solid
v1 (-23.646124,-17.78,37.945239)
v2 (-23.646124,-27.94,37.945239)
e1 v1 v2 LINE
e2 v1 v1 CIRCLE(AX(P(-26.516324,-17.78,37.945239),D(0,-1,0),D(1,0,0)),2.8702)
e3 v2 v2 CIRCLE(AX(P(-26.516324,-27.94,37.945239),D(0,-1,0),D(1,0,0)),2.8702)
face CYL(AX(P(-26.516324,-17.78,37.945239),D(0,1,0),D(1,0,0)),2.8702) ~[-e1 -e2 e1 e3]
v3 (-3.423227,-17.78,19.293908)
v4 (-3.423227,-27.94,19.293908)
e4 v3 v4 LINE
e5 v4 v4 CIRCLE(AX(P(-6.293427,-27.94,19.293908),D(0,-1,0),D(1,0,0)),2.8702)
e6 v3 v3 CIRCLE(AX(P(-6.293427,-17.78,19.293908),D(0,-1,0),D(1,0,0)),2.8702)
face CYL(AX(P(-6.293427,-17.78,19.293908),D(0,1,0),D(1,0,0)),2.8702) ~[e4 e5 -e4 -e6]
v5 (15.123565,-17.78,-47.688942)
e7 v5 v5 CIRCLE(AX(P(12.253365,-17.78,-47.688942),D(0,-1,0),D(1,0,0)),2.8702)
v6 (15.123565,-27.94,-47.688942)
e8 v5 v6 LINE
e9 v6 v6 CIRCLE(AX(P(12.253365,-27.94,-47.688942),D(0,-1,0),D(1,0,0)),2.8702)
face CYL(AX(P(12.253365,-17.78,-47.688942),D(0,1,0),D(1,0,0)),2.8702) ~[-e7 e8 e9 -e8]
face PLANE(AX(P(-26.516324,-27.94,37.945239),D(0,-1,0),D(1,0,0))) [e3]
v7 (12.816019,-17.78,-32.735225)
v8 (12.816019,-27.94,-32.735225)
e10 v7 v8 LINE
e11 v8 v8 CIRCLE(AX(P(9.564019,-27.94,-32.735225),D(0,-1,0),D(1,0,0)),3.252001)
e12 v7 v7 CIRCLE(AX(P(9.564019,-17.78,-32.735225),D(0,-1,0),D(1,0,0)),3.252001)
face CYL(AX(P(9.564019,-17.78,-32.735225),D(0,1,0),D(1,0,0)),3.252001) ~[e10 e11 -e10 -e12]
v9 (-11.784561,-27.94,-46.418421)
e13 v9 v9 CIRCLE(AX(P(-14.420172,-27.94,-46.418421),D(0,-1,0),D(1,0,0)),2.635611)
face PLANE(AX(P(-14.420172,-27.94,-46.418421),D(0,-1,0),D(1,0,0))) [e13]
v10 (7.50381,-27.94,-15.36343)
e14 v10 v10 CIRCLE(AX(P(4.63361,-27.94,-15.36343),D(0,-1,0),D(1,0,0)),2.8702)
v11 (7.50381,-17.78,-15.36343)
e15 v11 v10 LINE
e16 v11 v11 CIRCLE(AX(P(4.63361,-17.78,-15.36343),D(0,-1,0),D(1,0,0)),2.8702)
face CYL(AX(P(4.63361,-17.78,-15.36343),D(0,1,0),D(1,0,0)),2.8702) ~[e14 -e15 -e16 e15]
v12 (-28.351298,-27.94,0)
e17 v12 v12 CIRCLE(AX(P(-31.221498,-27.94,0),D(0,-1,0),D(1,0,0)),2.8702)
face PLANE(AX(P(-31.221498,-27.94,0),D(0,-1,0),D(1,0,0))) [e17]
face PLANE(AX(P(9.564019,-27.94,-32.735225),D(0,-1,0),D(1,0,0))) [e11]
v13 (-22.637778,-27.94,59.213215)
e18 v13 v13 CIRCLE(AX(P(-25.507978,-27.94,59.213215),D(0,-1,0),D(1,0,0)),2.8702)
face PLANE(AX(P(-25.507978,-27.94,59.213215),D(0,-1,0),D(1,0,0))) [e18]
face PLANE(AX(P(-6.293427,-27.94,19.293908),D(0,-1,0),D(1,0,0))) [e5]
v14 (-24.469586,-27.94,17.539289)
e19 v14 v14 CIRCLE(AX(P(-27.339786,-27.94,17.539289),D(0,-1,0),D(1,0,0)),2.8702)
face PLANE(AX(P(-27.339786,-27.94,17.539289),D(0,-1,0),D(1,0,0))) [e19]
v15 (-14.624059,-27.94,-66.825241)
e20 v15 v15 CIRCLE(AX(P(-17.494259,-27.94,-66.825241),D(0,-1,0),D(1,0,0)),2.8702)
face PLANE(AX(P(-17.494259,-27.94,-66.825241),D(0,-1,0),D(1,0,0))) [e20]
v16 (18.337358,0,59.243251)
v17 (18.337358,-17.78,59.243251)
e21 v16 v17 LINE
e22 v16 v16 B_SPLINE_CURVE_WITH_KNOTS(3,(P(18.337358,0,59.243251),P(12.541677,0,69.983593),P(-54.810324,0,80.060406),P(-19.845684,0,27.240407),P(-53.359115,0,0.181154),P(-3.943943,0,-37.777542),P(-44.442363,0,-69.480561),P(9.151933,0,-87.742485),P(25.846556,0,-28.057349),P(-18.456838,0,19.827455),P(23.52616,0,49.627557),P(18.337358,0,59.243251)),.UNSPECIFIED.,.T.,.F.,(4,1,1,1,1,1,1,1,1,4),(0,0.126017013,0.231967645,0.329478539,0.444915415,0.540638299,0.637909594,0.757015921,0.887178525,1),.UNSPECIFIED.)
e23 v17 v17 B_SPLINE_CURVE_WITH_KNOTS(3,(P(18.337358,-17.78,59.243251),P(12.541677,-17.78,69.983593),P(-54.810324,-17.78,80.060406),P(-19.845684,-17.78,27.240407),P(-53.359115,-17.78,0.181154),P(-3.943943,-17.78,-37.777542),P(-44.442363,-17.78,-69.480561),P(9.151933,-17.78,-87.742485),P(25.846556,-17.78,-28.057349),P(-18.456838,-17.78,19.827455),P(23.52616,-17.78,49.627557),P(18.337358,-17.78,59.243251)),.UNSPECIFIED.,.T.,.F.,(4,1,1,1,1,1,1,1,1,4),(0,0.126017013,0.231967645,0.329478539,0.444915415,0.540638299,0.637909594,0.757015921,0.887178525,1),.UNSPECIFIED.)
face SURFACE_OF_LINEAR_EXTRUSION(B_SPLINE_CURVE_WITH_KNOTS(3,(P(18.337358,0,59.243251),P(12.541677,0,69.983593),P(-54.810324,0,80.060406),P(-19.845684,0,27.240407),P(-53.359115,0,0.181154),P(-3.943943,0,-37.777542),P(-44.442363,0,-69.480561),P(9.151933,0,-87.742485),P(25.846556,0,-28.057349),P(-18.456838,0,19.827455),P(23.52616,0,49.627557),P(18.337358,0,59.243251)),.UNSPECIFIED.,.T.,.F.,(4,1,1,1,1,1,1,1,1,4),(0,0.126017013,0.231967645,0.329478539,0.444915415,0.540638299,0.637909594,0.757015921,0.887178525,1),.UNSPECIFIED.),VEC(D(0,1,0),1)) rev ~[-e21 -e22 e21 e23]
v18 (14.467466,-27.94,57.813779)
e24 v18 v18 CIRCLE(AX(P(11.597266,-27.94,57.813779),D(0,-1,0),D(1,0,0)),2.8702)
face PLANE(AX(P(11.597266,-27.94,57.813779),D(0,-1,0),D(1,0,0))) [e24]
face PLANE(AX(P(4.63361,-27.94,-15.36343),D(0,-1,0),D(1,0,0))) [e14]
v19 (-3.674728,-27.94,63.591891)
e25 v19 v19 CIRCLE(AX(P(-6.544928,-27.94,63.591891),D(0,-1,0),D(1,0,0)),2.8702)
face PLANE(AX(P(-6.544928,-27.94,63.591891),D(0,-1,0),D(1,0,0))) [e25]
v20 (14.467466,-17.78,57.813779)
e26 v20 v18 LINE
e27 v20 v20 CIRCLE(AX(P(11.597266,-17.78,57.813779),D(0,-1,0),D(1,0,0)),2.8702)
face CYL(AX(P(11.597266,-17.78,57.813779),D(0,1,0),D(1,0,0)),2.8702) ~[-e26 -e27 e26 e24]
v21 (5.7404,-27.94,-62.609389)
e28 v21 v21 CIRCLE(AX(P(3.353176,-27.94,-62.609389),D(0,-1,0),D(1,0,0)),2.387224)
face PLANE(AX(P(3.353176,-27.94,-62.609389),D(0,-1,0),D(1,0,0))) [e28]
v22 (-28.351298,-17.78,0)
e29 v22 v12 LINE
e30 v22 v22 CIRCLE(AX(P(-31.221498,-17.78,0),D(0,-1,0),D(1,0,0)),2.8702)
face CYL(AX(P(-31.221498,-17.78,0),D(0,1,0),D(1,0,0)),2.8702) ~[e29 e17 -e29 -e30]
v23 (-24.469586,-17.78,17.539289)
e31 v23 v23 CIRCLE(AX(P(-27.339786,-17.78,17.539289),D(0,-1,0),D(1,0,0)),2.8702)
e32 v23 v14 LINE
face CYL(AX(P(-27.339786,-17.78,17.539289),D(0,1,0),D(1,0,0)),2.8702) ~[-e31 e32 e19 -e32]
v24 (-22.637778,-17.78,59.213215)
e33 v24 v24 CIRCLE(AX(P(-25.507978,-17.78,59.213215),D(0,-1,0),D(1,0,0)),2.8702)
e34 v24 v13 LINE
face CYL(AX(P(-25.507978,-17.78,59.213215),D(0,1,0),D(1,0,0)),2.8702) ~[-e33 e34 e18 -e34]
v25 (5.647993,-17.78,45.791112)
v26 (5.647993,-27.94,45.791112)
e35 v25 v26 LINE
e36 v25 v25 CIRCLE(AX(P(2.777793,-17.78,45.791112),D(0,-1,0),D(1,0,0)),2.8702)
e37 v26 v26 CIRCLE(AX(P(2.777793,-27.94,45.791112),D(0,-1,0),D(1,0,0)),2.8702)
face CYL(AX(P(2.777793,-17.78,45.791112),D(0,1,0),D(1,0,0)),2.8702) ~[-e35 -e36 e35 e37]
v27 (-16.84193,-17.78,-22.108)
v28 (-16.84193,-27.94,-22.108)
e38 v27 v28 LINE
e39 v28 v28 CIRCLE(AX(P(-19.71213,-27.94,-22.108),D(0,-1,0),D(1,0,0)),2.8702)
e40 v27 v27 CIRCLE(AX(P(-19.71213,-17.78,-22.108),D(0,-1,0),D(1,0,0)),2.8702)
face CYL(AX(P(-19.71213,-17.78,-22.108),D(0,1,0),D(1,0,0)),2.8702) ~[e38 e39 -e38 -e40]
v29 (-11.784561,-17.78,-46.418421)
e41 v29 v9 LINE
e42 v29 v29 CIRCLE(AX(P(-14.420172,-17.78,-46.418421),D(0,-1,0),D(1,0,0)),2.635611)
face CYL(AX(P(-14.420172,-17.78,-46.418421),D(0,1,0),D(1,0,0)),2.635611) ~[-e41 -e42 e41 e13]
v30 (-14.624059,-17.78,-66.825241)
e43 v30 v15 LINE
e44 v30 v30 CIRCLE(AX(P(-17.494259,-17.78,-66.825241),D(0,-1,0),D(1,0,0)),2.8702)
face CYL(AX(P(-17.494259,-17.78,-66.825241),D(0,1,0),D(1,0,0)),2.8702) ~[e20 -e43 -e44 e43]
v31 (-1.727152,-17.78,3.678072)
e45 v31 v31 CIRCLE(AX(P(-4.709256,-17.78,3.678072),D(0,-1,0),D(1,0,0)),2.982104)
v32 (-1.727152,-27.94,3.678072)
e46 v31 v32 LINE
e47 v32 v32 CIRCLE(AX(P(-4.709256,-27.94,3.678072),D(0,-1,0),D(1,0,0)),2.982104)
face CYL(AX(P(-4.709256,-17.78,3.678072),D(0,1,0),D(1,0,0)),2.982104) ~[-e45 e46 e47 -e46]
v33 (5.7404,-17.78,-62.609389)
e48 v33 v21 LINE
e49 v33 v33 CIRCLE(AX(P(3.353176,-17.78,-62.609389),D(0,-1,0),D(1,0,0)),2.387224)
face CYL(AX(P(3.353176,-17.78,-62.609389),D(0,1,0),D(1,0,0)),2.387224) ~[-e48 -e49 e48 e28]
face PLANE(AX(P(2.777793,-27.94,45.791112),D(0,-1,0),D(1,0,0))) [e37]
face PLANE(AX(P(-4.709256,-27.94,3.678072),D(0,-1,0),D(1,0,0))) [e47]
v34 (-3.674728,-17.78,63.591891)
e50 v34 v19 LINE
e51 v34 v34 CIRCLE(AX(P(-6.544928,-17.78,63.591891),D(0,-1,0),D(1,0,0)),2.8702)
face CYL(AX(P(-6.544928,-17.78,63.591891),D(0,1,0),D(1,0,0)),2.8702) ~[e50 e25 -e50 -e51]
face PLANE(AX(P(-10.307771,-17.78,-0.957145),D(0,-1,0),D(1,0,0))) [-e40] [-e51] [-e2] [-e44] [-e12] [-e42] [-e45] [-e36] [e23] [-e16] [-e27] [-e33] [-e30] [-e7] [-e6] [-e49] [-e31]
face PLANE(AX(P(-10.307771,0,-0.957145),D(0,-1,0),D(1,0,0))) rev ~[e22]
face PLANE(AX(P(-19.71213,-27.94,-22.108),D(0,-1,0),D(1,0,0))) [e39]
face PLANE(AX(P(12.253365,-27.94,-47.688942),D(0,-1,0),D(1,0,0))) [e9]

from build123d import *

# Parameters (mm, degrees)
F1_DEPTH = 17.78
F2_R     = 2.8702
F2_R_2   = 3.2520006194
F2_R_3   = 2.6356112636
F2_R_4   = 2.387224169
F2_R_5   = 2.9821039132
F3_DEPTH = 10.16


with BuildPart() as f1:
    # F0 (on Front) → F1 (new body)
    with BuildSketch(Plane.XZ):
        with BuildLine():
            add(Edge.make_bspline(
                [(18.3373583709, 59.2432514464), (12.5416774866, 69.9835926526), (-54.8103235221, 80.0604059689), (-19.845684402, 27.2404074739), (-53.3591151896, 0.1811543675), (-3.9439425806, -37.7775415123), (-44.4423631948, -69.4805605673), (9.1519330646, -87.7424854783), (25.846555966, -28.0573494085), (-18.4568379785, 19.8274550257), (23.5261598485, 49.6275566845), (18.3373583709, 59.2432514464)],
                knots=[0, 0, 0, 0, 0.1260170134, 0.2319676454, 0.3294785393, 0.4449154149, 0.5406382986, 0.6379095939, 0.7570159211, 0.8871785251, 1, 1, 1, 1], degree=3))
        make_face()
    extrude(amount=F1_DEPTH)

    # F2 (on face) → F3 (join)
    with BuildSketch(Plane.XZ.offset(17.78)):
        with Locations((-25.5079776201, 59.2132149123)):
            Circle(F2_R)
        with Locations((-6.5449277575, 63.5918911384)):
            Circle(F2_R)
        with Locations((11.5972664207, 57.8137785196)):
            Circle(F2_R)
        with Locations((-26.5163239541, 37.9452386281)):
            Circle(F2_R)
        with Locations((2.7777925342, 45.7911120017)):
            Circle(F2_R)
        with Locations((-6.2934271361, 19.2939079344)):
            Circle(F2_R)
        with Locations((-27.3397862911, 17.5392888486)):
            Circle(F2_R)
        with Locations((-31.2214978039, 0)):
            Circle(F2_R)
        with Locations((-19.7121296078, -22.1079997718)):
            Circle(F2_R)
        with Locations((9.5640188083, -32.7352248132)):
            Circle(F2_R_2)
        with Locations((4.6336096711, -15.363429673)):
            Circle(F2_R)
        with Locations((12.2533654794, -47.6889424026)):
            Circle(F2_R)
        with Locations((-14.4201721996, -46.4184209704)):
            Circle(F2_R_3)
        with Locations((3.353175831, -62.6093894243)):
            Circle(F2_R_4)
        with Locations((-17.4942594022, -66.8252408504)):
            Circle(F2_R)
        with Locations((-4.7092563473, 3.6780715454)):
            Circle(F2_R_5)
    extrude(amount=F3_DEPTH)


solid = f1.part
